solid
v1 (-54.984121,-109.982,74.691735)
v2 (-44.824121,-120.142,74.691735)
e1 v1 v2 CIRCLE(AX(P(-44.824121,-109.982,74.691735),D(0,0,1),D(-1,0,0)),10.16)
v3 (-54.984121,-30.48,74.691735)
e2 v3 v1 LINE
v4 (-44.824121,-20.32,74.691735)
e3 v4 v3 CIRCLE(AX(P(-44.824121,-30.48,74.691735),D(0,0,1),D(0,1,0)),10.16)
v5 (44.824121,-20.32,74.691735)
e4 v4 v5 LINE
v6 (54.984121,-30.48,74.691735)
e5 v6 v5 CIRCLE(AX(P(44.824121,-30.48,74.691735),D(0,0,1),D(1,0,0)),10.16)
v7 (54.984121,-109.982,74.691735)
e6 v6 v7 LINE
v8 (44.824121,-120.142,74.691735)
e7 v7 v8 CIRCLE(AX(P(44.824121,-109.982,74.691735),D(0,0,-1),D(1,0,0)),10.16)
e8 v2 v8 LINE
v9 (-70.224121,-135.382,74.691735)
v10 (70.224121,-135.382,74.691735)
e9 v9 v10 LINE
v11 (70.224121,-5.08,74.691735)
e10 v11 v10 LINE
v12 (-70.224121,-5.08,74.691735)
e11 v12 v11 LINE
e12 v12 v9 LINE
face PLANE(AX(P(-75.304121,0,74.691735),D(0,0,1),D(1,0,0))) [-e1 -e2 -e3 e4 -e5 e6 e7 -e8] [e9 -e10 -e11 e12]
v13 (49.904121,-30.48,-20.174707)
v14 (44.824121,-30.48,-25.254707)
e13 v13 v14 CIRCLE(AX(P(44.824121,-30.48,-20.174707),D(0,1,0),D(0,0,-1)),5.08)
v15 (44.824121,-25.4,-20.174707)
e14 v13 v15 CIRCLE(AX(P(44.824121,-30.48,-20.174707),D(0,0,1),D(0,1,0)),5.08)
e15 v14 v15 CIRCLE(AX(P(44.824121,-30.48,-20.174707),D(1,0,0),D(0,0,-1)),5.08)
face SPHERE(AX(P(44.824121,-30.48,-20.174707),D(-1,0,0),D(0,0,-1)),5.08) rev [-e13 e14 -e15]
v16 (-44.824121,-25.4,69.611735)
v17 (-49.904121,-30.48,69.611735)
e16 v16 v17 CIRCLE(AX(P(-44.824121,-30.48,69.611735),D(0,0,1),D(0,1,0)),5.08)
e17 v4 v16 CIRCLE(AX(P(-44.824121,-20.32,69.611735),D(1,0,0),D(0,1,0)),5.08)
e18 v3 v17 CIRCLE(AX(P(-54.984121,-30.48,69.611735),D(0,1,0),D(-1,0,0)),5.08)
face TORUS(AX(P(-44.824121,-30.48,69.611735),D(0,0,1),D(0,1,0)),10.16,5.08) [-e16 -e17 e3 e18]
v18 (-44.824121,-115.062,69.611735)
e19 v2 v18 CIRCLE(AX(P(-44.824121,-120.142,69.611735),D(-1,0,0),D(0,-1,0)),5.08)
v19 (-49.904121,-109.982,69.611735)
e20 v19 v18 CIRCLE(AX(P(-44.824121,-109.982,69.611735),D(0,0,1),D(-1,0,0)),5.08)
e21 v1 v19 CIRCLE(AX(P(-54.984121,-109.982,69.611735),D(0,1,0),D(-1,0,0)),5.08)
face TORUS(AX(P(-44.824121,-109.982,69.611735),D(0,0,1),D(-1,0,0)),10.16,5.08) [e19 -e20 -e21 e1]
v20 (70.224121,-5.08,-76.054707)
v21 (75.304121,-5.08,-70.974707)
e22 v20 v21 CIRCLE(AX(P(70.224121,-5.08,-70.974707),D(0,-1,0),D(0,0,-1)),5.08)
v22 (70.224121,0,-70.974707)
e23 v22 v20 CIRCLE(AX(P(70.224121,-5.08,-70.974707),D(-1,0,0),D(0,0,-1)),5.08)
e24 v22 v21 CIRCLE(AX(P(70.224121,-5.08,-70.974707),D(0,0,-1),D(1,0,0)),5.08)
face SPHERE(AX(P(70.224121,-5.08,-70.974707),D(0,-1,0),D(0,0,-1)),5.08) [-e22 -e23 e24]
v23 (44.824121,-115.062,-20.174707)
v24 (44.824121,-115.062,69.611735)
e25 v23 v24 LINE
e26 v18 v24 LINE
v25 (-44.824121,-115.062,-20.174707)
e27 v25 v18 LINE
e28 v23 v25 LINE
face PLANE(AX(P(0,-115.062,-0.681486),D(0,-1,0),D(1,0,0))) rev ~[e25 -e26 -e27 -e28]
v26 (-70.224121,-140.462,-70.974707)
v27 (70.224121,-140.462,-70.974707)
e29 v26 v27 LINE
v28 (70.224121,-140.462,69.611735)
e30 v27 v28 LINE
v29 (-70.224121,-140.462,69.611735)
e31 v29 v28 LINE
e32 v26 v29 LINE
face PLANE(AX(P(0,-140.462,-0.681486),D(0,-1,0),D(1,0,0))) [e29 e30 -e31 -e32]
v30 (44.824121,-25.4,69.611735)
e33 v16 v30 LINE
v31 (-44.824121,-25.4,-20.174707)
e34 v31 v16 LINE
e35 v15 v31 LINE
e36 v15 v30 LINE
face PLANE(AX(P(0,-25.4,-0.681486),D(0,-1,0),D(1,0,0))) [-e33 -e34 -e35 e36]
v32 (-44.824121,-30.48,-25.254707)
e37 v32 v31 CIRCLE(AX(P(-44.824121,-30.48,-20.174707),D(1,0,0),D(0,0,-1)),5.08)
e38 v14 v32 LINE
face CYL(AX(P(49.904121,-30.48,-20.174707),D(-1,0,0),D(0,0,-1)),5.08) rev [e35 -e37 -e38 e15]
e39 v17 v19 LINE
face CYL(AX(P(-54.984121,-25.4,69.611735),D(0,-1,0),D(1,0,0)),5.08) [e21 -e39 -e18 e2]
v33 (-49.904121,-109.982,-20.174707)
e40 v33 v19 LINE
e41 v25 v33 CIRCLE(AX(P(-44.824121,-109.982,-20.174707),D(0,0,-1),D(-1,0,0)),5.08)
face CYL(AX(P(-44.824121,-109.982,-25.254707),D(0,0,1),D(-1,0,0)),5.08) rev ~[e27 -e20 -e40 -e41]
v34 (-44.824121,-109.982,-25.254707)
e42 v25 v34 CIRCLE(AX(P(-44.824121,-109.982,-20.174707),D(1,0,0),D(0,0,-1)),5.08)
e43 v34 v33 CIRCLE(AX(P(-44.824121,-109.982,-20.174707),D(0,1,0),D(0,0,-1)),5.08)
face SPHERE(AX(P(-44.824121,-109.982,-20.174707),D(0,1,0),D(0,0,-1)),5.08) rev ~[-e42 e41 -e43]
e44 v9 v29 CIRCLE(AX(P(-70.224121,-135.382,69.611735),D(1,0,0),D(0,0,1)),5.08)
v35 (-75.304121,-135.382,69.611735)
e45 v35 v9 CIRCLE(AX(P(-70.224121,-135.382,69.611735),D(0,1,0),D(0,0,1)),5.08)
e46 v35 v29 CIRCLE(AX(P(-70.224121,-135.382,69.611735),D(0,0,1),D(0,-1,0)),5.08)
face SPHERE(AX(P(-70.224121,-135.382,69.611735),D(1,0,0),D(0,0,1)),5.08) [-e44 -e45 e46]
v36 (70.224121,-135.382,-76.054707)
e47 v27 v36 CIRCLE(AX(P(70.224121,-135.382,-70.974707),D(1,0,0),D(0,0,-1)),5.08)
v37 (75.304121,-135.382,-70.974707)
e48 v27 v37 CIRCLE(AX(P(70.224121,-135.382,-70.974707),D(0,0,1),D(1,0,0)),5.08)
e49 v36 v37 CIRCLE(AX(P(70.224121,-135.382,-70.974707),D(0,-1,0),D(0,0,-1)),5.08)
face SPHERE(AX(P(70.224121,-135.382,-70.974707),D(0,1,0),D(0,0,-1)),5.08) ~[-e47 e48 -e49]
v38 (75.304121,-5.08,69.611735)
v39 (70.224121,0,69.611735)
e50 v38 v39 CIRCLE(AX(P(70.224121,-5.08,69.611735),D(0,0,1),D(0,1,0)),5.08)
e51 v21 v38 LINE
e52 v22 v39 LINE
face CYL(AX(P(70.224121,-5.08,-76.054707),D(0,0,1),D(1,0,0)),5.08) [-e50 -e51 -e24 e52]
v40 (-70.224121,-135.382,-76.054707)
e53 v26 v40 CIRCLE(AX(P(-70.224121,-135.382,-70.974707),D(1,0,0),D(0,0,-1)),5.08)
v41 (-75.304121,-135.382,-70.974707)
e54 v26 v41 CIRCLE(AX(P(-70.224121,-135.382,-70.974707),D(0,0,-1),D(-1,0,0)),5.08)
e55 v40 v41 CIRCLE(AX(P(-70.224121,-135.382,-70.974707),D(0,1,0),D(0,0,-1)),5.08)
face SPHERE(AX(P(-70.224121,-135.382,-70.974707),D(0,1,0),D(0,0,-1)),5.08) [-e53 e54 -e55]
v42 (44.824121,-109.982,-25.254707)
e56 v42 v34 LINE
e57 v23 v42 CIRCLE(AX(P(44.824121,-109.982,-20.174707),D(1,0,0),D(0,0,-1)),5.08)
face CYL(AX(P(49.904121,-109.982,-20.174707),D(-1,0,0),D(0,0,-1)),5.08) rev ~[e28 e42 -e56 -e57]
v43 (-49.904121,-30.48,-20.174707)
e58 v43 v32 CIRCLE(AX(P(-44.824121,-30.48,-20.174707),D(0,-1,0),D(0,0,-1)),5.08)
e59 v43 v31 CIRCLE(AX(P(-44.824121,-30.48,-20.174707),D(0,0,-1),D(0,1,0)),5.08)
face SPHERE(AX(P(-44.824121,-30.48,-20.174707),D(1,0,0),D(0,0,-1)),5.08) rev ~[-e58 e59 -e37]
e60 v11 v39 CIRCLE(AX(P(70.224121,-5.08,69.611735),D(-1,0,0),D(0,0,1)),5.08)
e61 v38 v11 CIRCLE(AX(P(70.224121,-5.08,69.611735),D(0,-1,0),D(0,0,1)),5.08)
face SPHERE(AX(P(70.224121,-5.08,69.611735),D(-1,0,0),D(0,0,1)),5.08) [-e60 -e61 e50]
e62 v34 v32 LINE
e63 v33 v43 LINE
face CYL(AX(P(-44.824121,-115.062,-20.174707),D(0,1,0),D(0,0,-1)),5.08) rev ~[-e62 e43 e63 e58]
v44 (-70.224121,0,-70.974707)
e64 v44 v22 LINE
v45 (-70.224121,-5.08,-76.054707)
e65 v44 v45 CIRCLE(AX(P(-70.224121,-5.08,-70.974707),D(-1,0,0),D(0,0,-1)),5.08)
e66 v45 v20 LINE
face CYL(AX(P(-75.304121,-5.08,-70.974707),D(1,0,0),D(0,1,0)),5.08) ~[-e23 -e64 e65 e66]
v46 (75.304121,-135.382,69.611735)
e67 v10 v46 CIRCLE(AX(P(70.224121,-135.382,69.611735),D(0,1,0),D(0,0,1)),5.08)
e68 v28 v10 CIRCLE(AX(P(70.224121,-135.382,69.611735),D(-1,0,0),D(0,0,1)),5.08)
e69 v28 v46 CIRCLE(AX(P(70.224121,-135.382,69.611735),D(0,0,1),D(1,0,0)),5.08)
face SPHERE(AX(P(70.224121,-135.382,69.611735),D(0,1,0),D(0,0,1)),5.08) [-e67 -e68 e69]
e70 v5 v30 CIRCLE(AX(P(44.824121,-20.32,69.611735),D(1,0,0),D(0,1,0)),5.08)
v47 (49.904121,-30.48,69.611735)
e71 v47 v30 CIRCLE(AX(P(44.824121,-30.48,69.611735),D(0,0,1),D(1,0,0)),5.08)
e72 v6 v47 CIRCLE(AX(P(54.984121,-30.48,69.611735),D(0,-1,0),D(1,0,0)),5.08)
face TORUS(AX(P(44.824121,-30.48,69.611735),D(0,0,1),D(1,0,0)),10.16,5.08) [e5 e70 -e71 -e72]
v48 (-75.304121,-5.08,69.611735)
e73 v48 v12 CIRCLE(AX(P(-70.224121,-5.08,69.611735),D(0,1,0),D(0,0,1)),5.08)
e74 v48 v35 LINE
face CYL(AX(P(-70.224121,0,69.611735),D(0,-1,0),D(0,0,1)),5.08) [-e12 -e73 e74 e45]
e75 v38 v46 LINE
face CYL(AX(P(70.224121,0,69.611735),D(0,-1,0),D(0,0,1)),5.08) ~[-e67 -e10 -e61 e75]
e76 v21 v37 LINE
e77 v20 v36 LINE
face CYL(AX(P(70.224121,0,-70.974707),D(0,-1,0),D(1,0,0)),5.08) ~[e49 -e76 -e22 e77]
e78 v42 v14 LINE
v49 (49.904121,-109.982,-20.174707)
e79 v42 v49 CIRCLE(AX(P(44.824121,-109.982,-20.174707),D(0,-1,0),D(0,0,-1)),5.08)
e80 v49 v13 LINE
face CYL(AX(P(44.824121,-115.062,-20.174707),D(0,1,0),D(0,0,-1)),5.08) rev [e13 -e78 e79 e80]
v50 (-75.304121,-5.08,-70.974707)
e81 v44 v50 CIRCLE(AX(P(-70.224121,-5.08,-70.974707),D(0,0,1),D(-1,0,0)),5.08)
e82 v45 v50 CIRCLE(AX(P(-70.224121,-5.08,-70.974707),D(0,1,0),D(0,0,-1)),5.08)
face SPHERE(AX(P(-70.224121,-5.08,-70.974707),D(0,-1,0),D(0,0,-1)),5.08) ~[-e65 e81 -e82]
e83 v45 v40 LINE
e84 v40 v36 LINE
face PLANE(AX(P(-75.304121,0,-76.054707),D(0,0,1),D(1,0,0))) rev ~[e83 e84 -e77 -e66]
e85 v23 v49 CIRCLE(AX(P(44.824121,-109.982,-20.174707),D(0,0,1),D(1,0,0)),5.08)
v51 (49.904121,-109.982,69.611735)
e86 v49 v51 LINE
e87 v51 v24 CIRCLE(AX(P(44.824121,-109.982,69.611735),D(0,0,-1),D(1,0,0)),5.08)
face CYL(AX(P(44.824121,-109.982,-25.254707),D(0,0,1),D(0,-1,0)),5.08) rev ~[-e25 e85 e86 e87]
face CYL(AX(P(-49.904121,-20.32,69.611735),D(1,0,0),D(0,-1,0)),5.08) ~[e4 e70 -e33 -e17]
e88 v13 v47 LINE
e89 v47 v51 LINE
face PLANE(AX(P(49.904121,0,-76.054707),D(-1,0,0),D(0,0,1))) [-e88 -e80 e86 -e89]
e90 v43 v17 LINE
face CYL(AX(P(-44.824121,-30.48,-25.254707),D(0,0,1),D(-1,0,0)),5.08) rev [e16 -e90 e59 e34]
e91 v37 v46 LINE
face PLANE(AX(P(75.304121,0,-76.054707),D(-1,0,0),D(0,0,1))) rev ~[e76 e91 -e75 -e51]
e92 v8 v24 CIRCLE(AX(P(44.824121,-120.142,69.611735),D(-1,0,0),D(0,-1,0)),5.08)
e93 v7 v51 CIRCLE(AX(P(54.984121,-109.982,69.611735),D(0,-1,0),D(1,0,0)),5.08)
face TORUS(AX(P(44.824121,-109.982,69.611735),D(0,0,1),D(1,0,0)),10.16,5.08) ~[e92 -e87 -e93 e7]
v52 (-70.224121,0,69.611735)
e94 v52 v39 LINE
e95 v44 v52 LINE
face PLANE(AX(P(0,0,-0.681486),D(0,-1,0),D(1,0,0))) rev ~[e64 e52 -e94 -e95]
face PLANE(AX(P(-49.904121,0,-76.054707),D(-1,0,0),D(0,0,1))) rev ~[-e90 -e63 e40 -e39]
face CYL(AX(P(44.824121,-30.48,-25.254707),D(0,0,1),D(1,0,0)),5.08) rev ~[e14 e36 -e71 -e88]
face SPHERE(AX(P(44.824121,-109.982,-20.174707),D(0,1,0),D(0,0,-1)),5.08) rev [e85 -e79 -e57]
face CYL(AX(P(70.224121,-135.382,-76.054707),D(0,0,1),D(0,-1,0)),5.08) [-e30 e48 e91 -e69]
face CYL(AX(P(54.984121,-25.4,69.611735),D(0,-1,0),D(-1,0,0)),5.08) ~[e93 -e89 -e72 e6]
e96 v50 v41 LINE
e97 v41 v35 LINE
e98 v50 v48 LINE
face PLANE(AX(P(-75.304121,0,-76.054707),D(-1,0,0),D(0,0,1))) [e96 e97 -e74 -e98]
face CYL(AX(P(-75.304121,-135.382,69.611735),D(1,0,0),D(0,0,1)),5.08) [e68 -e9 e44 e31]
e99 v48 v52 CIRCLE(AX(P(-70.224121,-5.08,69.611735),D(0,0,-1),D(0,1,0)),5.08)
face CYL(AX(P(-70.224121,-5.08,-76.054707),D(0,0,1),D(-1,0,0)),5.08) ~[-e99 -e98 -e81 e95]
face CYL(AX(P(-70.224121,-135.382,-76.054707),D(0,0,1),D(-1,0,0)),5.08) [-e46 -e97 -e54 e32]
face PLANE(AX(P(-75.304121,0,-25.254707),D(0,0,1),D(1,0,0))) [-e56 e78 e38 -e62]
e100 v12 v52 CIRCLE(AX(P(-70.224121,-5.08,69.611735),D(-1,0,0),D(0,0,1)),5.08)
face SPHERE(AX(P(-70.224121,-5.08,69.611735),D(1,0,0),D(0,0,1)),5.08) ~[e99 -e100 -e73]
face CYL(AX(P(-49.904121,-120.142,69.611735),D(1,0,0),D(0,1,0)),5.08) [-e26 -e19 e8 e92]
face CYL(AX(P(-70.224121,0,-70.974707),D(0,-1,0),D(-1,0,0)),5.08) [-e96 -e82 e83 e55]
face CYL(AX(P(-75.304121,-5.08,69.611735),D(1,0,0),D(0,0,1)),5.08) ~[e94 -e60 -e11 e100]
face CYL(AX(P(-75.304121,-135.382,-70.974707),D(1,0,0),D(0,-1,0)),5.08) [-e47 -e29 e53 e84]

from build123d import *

# Parameters (mm, degrees)
F0_W     = 150.6082415581
F0_H     = 150.7464423776
F1_DEPTH = 140.462
F2_T     = -25.4
F3_DEPTH = 25.4
F5_R     = 5.08


with BuildPart() as f1:
    # F0 (on Front) → F1 (new body)
    with BuildSketch(Plane.XZ):
        with Locations((0, -0.6814859807)):
            Rectangle(F0_W, F0_H)
    extrude(amount=F1_DEPTH)

    # F2
    f2_openings = [f1.faces().sort_by_distance(p)[0] for p in [
        (0, -70.231, 74.691735),
    ]]
    offset(amount=F2_T, openings=f2_openings)

    # F3 (add): a face of the model
    f3_faces = [f1.faces().sort_by_distance(p)[0] for p in [
        (0, -70.231, -50.6547071695),
    ]]
    extrude(f3_faces, amount=F3_DEPTH)

    # F5
    f5_edges = [f1.edges().sort_by_distance(p)[0] for p in [
        (0, -25.4, -25.254707),
        (49.904121, -70.231, -25.254707),
        (-49.904121, -70.231, -25.254707),
        (0, -115.062, -25.254707),
        (0, 0, 74.691735),
        (75.304121, -70.231, 74.691735),
        (0, -140.462, 74.691735),
        (-75.304121, -70.231, 74.691735),
        (49.904121, -70.231, 74.691735),
        (0, -25.4, 74.691735),
        (-49.904121, -70.231, 74.691735),
        (0, -115.062, 74.691735),
        (-75.304121, -70.231, -76.054707),
        (75.304121, -70.231, -76.054707),
        (0, 0, -76.054707),
        (0, -140.462, -76.054707),
        (-75.304121, -140.462, -0.681486),
        (75.304121, -140.462, -0.681486),
        (75.304121, 0, -0.681486),
        (-75.304121, 0, -0.681486),
        (-49.904121, -25.4, 24.718514),
        (-49.904121, -115.062, 24.718514),
        (49.904121, -115.062, 24.718514),
        (49.904121, -25.4, 24.718514),
    ]]
    fillet(f5_edges, radius=F5_R)


solid = f1.part
